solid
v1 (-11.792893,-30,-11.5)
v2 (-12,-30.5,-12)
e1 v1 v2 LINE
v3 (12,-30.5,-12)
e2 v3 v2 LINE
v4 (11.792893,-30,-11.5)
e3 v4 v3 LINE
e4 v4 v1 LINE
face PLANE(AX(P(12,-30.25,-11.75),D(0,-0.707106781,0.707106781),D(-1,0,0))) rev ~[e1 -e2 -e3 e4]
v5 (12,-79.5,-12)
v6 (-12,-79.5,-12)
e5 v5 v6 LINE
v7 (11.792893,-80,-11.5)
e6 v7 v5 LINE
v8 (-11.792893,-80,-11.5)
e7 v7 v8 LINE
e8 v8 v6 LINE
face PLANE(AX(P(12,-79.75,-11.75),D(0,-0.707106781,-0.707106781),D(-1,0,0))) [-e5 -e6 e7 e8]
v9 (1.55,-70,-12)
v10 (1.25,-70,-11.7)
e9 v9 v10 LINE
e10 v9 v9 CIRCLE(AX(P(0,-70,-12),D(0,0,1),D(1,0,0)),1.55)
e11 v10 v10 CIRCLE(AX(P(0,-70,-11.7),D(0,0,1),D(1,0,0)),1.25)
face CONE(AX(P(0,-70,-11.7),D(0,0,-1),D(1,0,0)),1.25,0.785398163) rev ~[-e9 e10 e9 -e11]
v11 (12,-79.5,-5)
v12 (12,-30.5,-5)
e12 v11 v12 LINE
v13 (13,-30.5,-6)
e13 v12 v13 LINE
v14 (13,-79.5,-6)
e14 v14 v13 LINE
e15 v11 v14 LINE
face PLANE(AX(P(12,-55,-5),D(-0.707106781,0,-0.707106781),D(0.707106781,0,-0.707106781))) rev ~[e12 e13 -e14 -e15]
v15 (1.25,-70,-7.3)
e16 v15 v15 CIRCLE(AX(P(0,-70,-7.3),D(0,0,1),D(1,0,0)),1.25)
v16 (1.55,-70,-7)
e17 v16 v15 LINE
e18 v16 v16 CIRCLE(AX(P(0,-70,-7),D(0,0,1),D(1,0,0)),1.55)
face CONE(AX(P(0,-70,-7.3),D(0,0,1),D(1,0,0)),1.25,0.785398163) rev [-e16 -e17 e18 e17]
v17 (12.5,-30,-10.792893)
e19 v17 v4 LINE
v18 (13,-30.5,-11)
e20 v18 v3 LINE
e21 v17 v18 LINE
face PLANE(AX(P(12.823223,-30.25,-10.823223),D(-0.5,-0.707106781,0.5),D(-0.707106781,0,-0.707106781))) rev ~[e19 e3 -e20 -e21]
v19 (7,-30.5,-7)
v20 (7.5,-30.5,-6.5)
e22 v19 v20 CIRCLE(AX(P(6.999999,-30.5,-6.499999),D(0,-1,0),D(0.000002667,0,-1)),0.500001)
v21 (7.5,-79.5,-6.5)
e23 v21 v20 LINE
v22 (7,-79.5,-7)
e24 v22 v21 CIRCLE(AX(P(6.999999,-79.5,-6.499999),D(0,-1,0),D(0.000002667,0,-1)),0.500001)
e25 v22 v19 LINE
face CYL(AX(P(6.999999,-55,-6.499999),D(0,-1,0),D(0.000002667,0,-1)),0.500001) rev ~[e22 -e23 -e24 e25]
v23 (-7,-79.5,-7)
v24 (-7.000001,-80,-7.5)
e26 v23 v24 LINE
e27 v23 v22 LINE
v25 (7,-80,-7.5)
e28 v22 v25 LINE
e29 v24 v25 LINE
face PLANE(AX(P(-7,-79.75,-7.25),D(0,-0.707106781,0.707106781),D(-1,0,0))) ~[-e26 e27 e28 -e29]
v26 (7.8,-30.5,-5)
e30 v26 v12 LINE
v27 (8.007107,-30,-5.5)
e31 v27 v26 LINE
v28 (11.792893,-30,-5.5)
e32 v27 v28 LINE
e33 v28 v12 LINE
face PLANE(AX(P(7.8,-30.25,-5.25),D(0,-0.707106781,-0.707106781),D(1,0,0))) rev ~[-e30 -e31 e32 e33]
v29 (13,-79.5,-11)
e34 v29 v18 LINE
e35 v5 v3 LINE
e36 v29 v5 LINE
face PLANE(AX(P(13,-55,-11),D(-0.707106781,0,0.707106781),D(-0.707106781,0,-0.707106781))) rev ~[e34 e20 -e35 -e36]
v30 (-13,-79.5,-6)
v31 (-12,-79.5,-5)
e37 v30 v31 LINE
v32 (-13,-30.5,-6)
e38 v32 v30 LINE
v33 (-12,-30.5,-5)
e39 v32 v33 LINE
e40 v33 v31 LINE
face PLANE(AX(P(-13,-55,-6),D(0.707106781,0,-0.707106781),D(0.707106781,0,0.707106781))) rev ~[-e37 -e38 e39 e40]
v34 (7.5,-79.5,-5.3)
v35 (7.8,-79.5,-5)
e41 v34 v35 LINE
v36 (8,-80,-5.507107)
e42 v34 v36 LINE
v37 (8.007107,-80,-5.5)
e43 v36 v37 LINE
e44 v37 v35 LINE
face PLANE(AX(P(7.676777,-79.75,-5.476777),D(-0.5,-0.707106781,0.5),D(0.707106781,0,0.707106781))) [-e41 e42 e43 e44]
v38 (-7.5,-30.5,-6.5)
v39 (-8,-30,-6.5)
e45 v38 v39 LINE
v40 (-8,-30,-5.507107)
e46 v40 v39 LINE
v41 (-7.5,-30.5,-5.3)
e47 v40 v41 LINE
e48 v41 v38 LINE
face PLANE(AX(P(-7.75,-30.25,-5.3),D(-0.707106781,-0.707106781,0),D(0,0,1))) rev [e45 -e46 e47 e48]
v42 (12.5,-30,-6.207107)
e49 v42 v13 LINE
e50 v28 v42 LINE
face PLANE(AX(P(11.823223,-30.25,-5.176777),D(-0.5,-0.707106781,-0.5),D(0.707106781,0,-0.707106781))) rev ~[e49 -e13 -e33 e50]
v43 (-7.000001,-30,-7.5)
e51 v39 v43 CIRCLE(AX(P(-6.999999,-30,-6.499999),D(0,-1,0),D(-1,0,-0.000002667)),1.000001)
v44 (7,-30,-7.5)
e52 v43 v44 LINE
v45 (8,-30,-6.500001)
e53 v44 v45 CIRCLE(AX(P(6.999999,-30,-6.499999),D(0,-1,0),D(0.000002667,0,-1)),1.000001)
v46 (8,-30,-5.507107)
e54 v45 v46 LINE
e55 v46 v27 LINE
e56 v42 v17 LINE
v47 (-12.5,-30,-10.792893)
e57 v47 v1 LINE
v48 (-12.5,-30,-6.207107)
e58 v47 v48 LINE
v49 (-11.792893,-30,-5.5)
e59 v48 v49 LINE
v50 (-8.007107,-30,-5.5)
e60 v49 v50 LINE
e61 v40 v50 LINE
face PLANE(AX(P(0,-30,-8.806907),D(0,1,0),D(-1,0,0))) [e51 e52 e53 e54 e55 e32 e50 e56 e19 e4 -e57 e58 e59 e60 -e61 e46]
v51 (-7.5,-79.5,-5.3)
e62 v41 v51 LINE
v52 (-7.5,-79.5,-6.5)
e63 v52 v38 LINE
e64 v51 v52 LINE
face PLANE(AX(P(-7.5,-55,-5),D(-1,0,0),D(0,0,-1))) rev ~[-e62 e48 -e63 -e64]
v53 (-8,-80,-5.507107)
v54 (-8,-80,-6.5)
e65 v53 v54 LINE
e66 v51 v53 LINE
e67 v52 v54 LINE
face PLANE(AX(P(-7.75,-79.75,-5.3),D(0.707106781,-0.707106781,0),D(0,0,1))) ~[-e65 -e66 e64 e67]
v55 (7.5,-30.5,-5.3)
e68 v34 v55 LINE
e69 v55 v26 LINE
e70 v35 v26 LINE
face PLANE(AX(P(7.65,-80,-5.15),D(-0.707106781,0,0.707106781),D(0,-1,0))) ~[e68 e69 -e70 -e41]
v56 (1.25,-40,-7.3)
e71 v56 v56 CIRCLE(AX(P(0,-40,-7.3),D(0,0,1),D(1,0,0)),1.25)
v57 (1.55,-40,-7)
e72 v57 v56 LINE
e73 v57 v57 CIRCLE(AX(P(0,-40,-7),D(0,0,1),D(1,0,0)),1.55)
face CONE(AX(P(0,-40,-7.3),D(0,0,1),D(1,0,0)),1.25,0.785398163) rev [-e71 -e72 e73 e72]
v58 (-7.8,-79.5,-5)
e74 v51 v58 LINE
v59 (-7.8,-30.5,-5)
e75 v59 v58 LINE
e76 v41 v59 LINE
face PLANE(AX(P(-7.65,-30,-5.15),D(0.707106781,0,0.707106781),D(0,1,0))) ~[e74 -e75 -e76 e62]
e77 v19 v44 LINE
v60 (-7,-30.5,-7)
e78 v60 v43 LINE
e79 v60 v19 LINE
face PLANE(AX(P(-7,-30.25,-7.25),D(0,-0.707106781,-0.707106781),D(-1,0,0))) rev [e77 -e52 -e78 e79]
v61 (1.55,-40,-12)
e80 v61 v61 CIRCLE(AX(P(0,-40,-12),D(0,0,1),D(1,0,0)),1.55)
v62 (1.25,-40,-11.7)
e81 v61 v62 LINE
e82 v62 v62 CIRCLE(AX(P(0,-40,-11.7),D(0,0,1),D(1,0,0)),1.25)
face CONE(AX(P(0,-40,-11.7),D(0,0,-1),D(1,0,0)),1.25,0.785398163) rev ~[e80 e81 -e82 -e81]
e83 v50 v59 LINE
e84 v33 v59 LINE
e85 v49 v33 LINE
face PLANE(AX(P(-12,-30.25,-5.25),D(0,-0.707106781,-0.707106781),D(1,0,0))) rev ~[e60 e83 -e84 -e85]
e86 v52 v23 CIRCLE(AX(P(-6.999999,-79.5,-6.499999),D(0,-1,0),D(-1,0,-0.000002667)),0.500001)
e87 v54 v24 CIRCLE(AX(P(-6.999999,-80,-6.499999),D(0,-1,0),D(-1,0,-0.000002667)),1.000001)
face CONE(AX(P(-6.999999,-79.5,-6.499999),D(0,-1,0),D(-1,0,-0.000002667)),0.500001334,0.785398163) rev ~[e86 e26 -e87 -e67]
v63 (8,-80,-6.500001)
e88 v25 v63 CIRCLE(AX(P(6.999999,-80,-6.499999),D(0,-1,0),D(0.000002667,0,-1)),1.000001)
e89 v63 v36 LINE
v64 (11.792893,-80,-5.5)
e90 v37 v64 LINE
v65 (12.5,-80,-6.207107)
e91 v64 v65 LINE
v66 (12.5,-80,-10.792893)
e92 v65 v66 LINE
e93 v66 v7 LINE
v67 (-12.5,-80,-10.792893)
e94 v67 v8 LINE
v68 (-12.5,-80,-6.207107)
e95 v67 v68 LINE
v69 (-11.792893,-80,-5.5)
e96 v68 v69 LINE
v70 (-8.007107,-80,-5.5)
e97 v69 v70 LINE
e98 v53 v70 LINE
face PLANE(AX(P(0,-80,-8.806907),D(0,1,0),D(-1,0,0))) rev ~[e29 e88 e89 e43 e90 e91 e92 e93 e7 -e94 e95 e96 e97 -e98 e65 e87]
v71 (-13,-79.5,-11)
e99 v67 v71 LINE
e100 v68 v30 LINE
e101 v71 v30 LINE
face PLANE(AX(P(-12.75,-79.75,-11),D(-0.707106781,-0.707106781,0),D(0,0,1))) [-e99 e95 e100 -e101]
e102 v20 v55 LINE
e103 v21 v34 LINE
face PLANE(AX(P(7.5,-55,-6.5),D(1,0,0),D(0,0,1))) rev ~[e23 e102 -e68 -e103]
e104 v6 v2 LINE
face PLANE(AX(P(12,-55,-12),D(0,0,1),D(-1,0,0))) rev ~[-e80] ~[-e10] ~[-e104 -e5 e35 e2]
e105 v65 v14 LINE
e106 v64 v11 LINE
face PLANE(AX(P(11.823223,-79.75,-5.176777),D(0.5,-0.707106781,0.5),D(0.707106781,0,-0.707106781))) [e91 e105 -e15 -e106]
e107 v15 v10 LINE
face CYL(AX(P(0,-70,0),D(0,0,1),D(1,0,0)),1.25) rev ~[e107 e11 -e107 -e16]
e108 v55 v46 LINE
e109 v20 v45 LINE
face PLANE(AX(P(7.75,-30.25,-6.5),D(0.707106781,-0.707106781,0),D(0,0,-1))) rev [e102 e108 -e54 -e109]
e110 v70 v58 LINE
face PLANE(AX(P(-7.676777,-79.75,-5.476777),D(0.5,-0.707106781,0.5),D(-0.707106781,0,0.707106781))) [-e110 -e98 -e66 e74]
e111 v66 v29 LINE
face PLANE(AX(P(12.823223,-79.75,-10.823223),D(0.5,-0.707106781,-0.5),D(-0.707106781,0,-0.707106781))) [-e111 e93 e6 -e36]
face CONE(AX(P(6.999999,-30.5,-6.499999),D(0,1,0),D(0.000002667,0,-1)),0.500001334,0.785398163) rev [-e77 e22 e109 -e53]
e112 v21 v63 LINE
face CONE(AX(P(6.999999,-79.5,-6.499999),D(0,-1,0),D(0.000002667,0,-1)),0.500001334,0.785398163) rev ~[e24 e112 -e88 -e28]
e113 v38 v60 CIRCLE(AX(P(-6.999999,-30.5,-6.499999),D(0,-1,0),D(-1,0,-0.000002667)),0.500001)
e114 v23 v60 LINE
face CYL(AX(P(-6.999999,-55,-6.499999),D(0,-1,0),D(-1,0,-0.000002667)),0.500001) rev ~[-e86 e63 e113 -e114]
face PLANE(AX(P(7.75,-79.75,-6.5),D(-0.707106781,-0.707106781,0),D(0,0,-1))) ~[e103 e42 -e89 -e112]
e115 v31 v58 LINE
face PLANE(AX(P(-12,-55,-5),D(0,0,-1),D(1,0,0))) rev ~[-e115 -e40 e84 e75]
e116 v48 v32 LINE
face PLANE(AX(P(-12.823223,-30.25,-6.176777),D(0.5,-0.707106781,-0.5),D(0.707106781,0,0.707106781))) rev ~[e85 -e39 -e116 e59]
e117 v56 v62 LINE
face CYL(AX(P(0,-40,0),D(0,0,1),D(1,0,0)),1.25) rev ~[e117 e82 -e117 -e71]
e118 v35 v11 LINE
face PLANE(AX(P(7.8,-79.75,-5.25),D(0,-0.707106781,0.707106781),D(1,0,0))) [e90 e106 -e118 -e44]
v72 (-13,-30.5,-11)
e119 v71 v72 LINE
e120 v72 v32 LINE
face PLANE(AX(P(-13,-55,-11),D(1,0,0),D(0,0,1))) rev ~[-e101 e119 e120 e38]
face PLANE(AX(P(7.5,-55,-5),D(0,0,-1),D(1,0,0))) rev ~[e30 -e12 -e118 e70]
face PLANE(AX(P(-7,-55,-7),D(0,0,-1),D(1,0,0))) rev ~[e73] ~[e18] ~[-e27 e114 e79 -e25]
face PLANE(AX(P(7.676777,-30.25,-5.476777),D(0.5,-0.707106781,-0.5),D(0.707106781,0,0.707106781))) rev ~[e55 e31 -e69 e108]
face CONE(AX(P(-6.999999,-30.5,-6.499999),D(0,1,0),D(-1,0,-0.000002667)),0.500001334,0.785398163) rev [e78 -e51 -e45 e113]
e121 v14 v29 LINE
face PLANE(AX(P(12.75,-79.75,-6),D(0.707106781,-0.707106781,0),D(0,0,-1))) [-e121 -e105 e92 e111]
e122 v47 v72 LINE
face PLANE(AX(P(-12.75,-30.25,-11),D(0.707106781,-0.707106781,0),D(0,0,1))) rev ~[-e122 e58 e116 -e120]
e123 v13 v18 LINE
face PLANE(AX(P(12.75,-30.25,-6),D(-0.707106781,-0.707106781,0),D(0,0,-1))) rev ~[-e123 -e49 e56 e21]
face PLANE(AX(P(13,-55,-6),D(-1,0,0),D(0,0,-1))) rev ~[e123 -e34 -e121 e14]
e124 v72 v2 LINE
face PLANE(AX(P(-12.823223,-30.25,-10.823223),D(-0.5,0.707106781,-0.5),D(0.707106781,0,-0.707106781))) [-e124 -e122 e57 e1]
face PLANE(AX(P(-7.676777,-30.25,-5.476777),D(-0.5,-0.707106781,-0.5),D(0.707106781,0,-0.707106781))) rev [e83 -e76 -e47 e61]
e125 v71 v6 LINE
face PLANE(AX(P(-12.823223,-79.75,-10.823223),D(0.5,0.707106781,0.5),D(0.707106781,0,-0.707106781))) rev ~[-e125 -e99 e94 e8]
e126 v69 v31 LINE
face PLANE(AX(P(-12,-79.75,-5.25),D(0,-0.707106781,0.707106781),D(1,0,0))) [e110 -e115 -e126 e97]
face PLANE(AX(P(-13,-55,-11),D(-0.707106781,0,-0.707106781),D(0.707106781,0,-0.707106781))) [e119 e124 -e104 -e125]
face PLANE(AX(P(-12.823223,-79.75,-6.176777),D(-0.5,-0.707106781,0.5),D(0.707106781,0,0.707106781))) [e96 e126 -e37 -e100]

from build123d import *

# Parameters (mm, degrees)
PAD003_DEPTH    = 25
SKETCH030_R     = 1.25
POCKET005_DEPTH = 12.001
CHAMFER007_SIZE = 0.3
CHAMFER008_SIZE = 0.5


with BuildPart() as part:
    # Sketch028 → Pad003 (new body, symmetric)
    with BuildSketch(Plane.XZ):
        with BuildLine():
            Line((-7.5, -5), (-7.5, -6.5))
            ThreePointArc((-7.5, -6.5), (-7.353553, -6.853553), (-7, -7))
            Line((-7, -7), (7, -7))
            ThreePointArc((7, -7), (7.353553, -6.853553), (7.5, -6.5))
            Line((7.5, -6.5), (7.5, -5))
            Line((7.5, -5), (12, -5))
            Line((12, -5), (13, -6))
            Line((13, -6), (13, -11))
            Line((13, -11), (12, -12))
            Line((12, -12), (-12, -12))
            Line((-13, -11), (-12, -12))
            Line((-13, -11), (-13, -6))
            Line((-13, -6), (-12, -5))
            Line((-12, -5), (-7.5, -5))
        make_face()
    extrude(amount=PAD003_DEPTH, both=True)

    # Sketch030 → Pocket005 (cut, through all)
    with BuildSketch(Plane.XY):
        with Locations((0, 15)):
            Circle(SKETCH030_R)
        with Locations((0, -15)):
            Circle(SKETCH030_R)
    extrude(amount=-POCKET005_DEPTH, mode=Mode.SUBTRACT)

    # Chamfer007
    chamfer007_edges = [part.edges().sort_by_distance(p)[0] for p in [
        (-7.5, 0, -5),
        (7.5, 0, -5),
        (-1.25, 15, -7),
        (-1.25, -15, -7),
        (-1.25, 15, -12),
        (-1.25, -15, -12),
    ]]
    chamfer(chamfer007_edges, length=CHAMFER007_SIZE)

    # Chamfer008
    chamfer008_edges = [part.edges().sort_by_distance(p)[0] for p in [
        (-9.9, -25, -5),
        (-7.65, -25, -5.15),
        (-12.5, -25, -5.5),
        (-7.5, -25, -5.9),
        (-13, -25, -8.5),
        (-7.353553, -25, -6.853553),
        (-12.5, -25, -11.5),
        (0, -25, -7),
        (0, -25, -12),
        (7.353553, -25, -6.853553),
        (12.5, -25, -11.5),
        (7.5, -25, -5.9),
        (13, -25, -8.5),
        (7.65, -25, -5.15),
        (12.5, -25, -5.5),
        (9.9, -25, -5),
        (-9.9, 25, -5),
        (-7.65, 25, -5.15),
        (-12.5, 25, -5.5),
        (-7.5, 25, -5.9),
        (-13, 25, -8.5),
        (-7.353553, 25, -6.853553),
        (-12.5, 25, -11.5),
        (0, 25, -7),
        (0, 25, -12),
        (7.353553, 25, -6.853553),
        (12.5, 25, -11.5),
        (7.5, 25, -5.9),
        (13, 25, -8.5),
        (7.65, 25, -5.15),
        (12.5, 25, -5.5),
        (9.9, 25, -5),
    ]]
    chamfer(chamfer008_edges, length=CHAMFER008_SIZE)


with BuildPart() as part_1:
    # Body004 placement: moved
    add(part.part.moved(Location((0, -55, 0))))


solid = part_1.part
